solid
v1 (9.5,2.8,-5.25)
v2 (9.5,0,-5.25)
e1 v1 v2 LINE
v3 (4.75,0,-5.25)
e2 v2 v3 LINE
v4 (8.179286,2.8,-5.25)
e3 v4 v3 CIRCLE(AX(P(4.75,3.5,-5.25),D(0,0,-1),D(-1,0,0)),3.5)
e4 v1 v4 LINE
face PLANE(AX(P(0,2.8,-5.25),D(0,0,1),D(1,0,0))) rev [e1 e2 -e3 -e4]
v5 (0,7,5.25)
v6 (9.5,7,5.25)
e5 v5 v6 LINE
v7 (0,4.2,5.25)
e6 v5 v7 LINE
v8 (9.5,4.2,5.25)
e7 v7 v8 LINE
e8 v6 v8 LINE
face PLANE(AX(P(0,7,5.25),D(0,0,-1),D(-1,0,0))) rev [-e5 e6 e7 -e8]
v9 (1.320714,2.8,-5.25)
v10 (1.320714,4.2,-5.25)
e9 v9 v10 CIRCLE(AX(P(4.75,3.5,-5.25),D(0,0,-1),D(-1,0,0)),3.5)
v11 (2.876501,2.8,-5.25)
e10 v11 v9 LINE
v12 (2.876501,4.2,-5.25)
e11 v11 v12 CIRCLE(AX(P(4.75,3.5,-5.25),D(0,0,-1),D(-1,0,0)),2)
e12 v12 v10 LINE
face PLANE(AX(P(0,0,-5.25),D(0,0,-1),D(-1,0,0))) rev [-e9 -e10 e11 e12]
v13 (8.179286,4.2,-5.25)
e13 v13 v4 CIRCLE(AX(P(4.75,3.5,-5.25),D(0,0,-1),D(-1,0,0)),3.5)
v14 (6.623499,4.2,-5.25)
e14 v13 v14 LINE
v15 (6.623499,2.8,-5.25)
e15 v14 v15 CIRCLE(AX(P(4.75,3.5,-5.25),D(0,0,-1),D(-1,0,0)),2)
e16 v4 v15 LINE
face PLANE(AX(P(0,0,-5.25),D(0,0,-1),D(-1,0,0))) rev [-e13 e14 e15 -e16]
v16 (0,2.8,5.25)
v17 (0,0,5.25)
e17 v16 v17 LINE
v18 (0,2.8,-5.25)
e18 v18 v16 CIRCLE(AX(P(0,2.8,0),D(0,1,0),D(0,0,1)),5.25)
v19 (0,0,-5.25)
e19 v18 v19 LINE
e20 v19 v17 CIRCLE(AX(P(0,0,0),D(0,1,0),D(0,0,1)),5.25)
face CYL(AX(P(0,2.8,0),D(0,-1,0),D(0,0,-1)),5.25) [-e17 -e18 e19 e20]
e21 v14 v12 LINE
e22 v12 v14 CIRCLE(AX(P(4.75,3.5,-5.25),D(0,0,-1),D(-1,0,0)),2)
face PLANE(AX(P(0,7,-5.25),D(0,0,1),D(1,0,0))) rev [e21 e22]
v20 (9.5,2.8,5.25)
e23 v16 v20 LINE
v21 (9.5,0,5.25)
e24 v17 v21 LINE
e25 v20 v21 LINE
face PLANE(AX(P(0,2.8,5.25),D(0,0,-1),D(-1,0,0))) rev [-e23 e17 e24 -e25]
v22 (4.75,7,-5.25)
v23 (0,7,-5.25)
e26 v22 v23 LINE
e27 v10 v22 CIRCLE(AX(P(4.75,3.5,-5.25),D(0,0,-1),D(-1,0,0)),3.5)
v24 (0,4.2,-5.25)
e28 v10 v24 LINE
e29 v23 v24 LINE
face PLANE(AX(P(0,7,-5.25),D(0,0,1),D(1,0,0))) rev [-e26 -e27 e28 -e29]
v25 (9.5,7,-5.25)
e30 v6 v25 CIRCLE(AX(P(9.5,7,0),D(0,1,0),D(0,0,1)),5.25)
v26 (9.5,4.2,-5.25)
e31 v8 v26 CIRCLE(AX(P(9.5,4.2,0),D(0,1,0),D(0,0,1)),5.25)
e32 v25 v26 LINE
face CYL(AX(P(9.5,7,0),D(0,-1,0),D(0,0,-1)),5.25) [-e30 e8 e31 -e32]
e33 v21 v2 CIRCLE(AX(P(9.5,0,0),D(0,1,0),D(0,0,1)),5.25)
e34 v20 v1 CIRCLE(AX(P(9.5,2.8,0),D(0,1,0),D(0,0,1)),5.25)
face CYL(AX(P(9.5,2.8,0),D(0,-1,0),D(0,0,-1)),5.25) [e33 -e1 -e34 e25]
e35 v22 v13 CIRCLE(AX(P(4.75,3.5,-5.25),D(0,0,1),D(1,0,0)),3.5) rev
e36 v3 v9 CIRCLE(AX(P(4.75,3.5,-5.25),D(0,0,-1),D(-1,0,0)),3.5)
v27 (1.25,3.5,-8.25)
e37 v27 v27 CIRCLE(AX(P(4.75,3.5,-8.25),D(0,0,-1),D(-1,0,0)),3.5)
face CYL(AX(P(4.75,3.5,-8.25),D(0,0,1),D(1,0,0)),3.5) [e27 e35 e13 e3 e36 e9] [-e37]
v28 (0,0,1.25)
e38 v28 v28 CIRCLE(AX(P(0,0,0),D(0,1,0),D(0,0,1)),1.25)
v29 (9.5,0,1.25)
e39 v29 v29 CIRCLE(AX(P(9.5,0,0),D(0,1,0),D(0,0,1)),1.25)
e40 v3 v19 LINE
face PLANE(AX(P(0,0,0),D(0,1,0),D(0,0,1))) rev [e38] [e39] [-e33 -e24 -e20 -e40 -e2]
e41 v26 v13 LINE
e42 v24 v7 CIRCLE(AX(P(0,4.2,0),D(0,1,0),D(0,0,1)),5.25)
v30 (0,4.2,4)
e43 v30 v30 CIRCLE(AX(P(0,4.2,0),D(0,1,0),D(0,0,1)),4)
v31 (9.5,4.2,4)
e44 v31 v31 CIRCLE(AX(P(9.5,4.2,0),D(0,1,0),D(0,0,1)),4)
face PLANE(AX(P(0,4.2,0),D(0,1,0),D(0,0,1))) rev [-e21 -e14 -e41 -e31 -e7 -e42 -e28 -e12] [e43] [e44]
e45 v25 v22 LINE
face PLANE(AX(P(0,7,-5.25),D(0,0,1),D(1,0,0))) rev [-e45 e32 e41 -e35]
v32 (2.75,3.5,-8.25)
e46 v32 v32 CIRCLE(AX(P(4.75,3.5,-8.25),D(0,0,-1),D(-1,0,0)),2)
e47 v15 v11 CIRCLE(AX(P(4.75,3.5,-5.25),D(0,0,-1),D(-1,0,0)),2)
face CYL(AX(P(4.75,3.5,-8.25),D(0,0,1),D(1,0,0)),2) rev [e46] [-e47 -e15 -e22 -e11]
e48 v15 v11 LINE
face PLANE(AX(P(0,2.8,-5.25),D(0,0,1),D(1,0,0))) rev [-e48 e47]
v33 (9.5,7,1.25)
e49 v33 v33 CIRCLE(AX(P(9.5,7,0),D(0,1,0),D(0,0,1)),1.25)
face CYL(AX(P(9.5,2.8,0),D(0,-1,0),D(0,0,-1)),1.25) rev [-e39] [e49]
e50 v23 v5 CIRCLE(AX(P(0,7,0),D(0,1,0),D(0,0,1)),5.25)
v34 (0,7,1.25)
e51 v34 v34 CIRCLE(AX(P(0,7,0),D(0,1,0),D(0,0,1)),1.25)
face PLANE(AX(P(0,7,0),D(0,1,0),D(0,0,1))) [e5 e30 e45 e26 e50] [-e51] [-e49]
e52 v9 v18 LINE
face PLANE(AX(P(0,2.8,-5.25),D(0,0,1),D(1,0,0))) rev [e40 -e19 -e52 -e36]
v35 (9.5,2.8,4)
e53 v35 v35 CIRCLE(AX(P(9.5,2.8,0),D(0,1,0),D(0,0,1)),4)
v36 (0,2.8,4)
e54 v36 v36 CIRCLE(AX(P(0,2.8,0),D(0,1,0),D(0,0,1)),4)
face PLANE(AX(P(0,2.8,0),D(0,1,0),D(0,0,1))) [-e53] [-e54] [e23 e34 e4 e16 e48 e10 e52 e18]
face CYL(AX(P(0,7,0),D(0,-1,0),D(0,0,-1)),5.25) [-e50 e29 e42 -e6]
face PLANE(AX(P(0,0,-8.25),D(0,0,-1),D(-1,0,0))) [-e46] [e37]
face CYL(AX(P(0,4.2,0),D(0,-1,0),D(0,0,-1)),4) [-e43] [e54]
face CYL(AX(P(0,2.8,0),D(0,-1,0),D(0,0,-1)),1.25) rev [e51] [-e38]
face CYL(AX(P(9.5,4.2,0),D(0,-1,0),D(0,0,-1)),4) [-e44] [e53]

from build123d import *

# Parameters (mm, degrees)
SKETCH_1_R      = 1.25
EXTRUDE_1_DEPTH = 2.8
SKETCH_2_R      = 4
SKETCH_2_R_2    = 1.25
EXTRUDE_2_DEPTH = 1.4
SKETCH_3_R      = 1.25
EXTRUDE_3_DEPTH = 2.8
EXTRUDE_4_DEPTH = 3


with BuildPart() as part:
    # 草图1 → 凸台-拉伸1 (new body)
    with BuildSketch(Plane(origin=(0, 0, 0), x_dir=(1, 0, 0), z_dir=(0, 1, 0))):
        with BuildLine():
            Line((0, 5.25), (9.5, 5.25))
            ThreePointArc((9.5, 5.25), (14.75, 0), (9.5, -5.25))
            Line((9.5, -5.25), (0, -5.25))
            ThreePointArc((0, -5.25), (-5.25, 0), (0, 5.25))
        make_face()
        Circle(SKETCH_1_R, mode=Mode.SUBTRACT)
        with Locations((9.5, 0)):
            Circle(SKETCH_1_R, mode=Mode.SUBTRACT)
    extrude(amount=EXTRUDE_1_DEPTH)

    # 草图2 → 凸台-拉伸2 (add)
    with BuildSketch(Plane(origin=(0, 2.8, 0), x_dir=(1, 0, 0), z_dir=(0, 1, 0))):
        Circle(SKETCH_2_R)
        Circle(SKETCH_2_R_2, mode=Mode.SUBTRACT)
        with Locations((9.5, 0)):
            Circle(SKETCH_2_R)
        with Locations((9.5, 0)):
            Circle(SKETCH_2_R_2, mode=Mode.SUBTRACT)
    extrude(amount=EXTRUDE_2_DEPTH)

    # 草图3 → 凸台-拉伸3 (add)
    with BuildSketch(Plane(origin=(0, 4.2, 0), x_dir=(1, 0, 0), z_dir=(0, 1, 0))):
        with BuildLine():
            Line((0, 5.25), (9.5, 5.25))
            ThreePointArc((9.5, 5.25), (14.75, 0), (9.5, -5.25))
            Line((9.5, -5.25), (0, -5.25))
            ThreePointArc((0, -5.25), (-5.25, 0), (0, 5.25))
        make_face()
        Circle(SKETCH_3_R, mode=Mode.SUBTRACT)
        with Locations((9.5, 0)):
            Circle(SKETCH_3_R, mode=Mode.SUBTRACT)
    extrude(amount=EXTRUDE_3_DEPTH)

    # 草图4 → 凸台-拉伸4 (add)
    with BuildSketch(Plane(origin=(0, 0, -5.25), x_dir=(-1, 0, 0), z_dir=(0, 0, -1))):
        with BuildLine():
            ThreePointArc((-1.932304569, 5.576196633), (-4.75, 7), (-7.567695431, 5.576196633))
            Line((-7.567695431, 5.576196633), (-6.360111675, 4.686398076))
            ThreePointArc((-6.360111675, 4.686398076), (-4.75, 5.5), (-3.139888325, 4.686398076))
            Line((-3.139888325, 4.686398076), (-1.932304569, 5.576196633))
        make_face()
        with BuildLine():
            Line((-6.360111675, 2.313601924), (-7.567695431, 1.423803367))
            ThreePointArc((-7.567695431, 1.423803367), (-4.75, 0), (-1.932304569, 1.423803367))
            Line((-1.932304569, 1.423803367), (-3.139888325, 2.313601924))
            ThreePointArc((-3.139888325, 2.313601924), (-4.75, 1.5), (-6.360111675, 2.313601924))
        make_face()
        with BuildLine():
            Line((-6.360111675, 4.686398076), (-7.567695431, 5.576196633))
            ThreePointArc((-7.567695431, 5.576196633), (-8.168041846, 4.252987343), (-8.17928564, 2.8))
            Line((-8.17928564, 2.8), (-6.6234994, 2.8))
            ThreePointArc((-6.6234994, 2.8), (-6.730785439, 3.77656653), (-6.360111675, 4.686398076))
        make_face()
        with BuildLine():
            ThreePointArc((-1.932304569, 1.423803367), (-1.551614092, 2.078617721), (-1.32071436, 2.8))
            Line((-1.32071436, 2.8), (-2.8765006, 2.8))
            ThreePointArc((-2.8765006, 2.8), (-2.99129812, 2.547651483), (-3.139888325, 2.313601924))
            Line((-3.139888325, 2.313601924), (-1.932304569, 1.423803367))
        make_face()
        with BuildLine():
            ThreePointArc((-1.25, 3.5), (-1.424948571, 4.592718169), (-1.932304569, 5.576196633))
            Line((-1.932304569, 5.576196633), (-3.139888325, 4.686398076))
            ThreePointArc((-3.139888325, 4.686398076), (-2.849970612, 4.124410382), (-2.75, 3.5))
            ThreePointArc((-2.75, 3.5), (-2.781879221, 3.144330771), (-2.8765006, 2.8))
            Line((-2.8765006, 2.8), (-1.32071436, 2.8))
            ThreePointArc((-1.32071436, 2.8), (-1.267723464, 3.148218633), (-1.25, 3.5))
        make_face()
        with BuildLine():
            Line((-6.6234994, 2.8), (-8.17928564, 2.8))
            ThreePointArc((-8.17928564, 2.8), (-7.948385908, 2.078617721), (-7.567695431, 1.423803367))
            Line((-7.567695431, 1.423803367), (-6.360111675, 2.313601924))
            ThreePointArc((-6.360111675, 2.313601924), (-6.50870188, 2.547651483), (-6.6234994, 2.8))
        make_face()
    extrude(amount=EXTRUDE_4_DEPTH)


solid = part.part
